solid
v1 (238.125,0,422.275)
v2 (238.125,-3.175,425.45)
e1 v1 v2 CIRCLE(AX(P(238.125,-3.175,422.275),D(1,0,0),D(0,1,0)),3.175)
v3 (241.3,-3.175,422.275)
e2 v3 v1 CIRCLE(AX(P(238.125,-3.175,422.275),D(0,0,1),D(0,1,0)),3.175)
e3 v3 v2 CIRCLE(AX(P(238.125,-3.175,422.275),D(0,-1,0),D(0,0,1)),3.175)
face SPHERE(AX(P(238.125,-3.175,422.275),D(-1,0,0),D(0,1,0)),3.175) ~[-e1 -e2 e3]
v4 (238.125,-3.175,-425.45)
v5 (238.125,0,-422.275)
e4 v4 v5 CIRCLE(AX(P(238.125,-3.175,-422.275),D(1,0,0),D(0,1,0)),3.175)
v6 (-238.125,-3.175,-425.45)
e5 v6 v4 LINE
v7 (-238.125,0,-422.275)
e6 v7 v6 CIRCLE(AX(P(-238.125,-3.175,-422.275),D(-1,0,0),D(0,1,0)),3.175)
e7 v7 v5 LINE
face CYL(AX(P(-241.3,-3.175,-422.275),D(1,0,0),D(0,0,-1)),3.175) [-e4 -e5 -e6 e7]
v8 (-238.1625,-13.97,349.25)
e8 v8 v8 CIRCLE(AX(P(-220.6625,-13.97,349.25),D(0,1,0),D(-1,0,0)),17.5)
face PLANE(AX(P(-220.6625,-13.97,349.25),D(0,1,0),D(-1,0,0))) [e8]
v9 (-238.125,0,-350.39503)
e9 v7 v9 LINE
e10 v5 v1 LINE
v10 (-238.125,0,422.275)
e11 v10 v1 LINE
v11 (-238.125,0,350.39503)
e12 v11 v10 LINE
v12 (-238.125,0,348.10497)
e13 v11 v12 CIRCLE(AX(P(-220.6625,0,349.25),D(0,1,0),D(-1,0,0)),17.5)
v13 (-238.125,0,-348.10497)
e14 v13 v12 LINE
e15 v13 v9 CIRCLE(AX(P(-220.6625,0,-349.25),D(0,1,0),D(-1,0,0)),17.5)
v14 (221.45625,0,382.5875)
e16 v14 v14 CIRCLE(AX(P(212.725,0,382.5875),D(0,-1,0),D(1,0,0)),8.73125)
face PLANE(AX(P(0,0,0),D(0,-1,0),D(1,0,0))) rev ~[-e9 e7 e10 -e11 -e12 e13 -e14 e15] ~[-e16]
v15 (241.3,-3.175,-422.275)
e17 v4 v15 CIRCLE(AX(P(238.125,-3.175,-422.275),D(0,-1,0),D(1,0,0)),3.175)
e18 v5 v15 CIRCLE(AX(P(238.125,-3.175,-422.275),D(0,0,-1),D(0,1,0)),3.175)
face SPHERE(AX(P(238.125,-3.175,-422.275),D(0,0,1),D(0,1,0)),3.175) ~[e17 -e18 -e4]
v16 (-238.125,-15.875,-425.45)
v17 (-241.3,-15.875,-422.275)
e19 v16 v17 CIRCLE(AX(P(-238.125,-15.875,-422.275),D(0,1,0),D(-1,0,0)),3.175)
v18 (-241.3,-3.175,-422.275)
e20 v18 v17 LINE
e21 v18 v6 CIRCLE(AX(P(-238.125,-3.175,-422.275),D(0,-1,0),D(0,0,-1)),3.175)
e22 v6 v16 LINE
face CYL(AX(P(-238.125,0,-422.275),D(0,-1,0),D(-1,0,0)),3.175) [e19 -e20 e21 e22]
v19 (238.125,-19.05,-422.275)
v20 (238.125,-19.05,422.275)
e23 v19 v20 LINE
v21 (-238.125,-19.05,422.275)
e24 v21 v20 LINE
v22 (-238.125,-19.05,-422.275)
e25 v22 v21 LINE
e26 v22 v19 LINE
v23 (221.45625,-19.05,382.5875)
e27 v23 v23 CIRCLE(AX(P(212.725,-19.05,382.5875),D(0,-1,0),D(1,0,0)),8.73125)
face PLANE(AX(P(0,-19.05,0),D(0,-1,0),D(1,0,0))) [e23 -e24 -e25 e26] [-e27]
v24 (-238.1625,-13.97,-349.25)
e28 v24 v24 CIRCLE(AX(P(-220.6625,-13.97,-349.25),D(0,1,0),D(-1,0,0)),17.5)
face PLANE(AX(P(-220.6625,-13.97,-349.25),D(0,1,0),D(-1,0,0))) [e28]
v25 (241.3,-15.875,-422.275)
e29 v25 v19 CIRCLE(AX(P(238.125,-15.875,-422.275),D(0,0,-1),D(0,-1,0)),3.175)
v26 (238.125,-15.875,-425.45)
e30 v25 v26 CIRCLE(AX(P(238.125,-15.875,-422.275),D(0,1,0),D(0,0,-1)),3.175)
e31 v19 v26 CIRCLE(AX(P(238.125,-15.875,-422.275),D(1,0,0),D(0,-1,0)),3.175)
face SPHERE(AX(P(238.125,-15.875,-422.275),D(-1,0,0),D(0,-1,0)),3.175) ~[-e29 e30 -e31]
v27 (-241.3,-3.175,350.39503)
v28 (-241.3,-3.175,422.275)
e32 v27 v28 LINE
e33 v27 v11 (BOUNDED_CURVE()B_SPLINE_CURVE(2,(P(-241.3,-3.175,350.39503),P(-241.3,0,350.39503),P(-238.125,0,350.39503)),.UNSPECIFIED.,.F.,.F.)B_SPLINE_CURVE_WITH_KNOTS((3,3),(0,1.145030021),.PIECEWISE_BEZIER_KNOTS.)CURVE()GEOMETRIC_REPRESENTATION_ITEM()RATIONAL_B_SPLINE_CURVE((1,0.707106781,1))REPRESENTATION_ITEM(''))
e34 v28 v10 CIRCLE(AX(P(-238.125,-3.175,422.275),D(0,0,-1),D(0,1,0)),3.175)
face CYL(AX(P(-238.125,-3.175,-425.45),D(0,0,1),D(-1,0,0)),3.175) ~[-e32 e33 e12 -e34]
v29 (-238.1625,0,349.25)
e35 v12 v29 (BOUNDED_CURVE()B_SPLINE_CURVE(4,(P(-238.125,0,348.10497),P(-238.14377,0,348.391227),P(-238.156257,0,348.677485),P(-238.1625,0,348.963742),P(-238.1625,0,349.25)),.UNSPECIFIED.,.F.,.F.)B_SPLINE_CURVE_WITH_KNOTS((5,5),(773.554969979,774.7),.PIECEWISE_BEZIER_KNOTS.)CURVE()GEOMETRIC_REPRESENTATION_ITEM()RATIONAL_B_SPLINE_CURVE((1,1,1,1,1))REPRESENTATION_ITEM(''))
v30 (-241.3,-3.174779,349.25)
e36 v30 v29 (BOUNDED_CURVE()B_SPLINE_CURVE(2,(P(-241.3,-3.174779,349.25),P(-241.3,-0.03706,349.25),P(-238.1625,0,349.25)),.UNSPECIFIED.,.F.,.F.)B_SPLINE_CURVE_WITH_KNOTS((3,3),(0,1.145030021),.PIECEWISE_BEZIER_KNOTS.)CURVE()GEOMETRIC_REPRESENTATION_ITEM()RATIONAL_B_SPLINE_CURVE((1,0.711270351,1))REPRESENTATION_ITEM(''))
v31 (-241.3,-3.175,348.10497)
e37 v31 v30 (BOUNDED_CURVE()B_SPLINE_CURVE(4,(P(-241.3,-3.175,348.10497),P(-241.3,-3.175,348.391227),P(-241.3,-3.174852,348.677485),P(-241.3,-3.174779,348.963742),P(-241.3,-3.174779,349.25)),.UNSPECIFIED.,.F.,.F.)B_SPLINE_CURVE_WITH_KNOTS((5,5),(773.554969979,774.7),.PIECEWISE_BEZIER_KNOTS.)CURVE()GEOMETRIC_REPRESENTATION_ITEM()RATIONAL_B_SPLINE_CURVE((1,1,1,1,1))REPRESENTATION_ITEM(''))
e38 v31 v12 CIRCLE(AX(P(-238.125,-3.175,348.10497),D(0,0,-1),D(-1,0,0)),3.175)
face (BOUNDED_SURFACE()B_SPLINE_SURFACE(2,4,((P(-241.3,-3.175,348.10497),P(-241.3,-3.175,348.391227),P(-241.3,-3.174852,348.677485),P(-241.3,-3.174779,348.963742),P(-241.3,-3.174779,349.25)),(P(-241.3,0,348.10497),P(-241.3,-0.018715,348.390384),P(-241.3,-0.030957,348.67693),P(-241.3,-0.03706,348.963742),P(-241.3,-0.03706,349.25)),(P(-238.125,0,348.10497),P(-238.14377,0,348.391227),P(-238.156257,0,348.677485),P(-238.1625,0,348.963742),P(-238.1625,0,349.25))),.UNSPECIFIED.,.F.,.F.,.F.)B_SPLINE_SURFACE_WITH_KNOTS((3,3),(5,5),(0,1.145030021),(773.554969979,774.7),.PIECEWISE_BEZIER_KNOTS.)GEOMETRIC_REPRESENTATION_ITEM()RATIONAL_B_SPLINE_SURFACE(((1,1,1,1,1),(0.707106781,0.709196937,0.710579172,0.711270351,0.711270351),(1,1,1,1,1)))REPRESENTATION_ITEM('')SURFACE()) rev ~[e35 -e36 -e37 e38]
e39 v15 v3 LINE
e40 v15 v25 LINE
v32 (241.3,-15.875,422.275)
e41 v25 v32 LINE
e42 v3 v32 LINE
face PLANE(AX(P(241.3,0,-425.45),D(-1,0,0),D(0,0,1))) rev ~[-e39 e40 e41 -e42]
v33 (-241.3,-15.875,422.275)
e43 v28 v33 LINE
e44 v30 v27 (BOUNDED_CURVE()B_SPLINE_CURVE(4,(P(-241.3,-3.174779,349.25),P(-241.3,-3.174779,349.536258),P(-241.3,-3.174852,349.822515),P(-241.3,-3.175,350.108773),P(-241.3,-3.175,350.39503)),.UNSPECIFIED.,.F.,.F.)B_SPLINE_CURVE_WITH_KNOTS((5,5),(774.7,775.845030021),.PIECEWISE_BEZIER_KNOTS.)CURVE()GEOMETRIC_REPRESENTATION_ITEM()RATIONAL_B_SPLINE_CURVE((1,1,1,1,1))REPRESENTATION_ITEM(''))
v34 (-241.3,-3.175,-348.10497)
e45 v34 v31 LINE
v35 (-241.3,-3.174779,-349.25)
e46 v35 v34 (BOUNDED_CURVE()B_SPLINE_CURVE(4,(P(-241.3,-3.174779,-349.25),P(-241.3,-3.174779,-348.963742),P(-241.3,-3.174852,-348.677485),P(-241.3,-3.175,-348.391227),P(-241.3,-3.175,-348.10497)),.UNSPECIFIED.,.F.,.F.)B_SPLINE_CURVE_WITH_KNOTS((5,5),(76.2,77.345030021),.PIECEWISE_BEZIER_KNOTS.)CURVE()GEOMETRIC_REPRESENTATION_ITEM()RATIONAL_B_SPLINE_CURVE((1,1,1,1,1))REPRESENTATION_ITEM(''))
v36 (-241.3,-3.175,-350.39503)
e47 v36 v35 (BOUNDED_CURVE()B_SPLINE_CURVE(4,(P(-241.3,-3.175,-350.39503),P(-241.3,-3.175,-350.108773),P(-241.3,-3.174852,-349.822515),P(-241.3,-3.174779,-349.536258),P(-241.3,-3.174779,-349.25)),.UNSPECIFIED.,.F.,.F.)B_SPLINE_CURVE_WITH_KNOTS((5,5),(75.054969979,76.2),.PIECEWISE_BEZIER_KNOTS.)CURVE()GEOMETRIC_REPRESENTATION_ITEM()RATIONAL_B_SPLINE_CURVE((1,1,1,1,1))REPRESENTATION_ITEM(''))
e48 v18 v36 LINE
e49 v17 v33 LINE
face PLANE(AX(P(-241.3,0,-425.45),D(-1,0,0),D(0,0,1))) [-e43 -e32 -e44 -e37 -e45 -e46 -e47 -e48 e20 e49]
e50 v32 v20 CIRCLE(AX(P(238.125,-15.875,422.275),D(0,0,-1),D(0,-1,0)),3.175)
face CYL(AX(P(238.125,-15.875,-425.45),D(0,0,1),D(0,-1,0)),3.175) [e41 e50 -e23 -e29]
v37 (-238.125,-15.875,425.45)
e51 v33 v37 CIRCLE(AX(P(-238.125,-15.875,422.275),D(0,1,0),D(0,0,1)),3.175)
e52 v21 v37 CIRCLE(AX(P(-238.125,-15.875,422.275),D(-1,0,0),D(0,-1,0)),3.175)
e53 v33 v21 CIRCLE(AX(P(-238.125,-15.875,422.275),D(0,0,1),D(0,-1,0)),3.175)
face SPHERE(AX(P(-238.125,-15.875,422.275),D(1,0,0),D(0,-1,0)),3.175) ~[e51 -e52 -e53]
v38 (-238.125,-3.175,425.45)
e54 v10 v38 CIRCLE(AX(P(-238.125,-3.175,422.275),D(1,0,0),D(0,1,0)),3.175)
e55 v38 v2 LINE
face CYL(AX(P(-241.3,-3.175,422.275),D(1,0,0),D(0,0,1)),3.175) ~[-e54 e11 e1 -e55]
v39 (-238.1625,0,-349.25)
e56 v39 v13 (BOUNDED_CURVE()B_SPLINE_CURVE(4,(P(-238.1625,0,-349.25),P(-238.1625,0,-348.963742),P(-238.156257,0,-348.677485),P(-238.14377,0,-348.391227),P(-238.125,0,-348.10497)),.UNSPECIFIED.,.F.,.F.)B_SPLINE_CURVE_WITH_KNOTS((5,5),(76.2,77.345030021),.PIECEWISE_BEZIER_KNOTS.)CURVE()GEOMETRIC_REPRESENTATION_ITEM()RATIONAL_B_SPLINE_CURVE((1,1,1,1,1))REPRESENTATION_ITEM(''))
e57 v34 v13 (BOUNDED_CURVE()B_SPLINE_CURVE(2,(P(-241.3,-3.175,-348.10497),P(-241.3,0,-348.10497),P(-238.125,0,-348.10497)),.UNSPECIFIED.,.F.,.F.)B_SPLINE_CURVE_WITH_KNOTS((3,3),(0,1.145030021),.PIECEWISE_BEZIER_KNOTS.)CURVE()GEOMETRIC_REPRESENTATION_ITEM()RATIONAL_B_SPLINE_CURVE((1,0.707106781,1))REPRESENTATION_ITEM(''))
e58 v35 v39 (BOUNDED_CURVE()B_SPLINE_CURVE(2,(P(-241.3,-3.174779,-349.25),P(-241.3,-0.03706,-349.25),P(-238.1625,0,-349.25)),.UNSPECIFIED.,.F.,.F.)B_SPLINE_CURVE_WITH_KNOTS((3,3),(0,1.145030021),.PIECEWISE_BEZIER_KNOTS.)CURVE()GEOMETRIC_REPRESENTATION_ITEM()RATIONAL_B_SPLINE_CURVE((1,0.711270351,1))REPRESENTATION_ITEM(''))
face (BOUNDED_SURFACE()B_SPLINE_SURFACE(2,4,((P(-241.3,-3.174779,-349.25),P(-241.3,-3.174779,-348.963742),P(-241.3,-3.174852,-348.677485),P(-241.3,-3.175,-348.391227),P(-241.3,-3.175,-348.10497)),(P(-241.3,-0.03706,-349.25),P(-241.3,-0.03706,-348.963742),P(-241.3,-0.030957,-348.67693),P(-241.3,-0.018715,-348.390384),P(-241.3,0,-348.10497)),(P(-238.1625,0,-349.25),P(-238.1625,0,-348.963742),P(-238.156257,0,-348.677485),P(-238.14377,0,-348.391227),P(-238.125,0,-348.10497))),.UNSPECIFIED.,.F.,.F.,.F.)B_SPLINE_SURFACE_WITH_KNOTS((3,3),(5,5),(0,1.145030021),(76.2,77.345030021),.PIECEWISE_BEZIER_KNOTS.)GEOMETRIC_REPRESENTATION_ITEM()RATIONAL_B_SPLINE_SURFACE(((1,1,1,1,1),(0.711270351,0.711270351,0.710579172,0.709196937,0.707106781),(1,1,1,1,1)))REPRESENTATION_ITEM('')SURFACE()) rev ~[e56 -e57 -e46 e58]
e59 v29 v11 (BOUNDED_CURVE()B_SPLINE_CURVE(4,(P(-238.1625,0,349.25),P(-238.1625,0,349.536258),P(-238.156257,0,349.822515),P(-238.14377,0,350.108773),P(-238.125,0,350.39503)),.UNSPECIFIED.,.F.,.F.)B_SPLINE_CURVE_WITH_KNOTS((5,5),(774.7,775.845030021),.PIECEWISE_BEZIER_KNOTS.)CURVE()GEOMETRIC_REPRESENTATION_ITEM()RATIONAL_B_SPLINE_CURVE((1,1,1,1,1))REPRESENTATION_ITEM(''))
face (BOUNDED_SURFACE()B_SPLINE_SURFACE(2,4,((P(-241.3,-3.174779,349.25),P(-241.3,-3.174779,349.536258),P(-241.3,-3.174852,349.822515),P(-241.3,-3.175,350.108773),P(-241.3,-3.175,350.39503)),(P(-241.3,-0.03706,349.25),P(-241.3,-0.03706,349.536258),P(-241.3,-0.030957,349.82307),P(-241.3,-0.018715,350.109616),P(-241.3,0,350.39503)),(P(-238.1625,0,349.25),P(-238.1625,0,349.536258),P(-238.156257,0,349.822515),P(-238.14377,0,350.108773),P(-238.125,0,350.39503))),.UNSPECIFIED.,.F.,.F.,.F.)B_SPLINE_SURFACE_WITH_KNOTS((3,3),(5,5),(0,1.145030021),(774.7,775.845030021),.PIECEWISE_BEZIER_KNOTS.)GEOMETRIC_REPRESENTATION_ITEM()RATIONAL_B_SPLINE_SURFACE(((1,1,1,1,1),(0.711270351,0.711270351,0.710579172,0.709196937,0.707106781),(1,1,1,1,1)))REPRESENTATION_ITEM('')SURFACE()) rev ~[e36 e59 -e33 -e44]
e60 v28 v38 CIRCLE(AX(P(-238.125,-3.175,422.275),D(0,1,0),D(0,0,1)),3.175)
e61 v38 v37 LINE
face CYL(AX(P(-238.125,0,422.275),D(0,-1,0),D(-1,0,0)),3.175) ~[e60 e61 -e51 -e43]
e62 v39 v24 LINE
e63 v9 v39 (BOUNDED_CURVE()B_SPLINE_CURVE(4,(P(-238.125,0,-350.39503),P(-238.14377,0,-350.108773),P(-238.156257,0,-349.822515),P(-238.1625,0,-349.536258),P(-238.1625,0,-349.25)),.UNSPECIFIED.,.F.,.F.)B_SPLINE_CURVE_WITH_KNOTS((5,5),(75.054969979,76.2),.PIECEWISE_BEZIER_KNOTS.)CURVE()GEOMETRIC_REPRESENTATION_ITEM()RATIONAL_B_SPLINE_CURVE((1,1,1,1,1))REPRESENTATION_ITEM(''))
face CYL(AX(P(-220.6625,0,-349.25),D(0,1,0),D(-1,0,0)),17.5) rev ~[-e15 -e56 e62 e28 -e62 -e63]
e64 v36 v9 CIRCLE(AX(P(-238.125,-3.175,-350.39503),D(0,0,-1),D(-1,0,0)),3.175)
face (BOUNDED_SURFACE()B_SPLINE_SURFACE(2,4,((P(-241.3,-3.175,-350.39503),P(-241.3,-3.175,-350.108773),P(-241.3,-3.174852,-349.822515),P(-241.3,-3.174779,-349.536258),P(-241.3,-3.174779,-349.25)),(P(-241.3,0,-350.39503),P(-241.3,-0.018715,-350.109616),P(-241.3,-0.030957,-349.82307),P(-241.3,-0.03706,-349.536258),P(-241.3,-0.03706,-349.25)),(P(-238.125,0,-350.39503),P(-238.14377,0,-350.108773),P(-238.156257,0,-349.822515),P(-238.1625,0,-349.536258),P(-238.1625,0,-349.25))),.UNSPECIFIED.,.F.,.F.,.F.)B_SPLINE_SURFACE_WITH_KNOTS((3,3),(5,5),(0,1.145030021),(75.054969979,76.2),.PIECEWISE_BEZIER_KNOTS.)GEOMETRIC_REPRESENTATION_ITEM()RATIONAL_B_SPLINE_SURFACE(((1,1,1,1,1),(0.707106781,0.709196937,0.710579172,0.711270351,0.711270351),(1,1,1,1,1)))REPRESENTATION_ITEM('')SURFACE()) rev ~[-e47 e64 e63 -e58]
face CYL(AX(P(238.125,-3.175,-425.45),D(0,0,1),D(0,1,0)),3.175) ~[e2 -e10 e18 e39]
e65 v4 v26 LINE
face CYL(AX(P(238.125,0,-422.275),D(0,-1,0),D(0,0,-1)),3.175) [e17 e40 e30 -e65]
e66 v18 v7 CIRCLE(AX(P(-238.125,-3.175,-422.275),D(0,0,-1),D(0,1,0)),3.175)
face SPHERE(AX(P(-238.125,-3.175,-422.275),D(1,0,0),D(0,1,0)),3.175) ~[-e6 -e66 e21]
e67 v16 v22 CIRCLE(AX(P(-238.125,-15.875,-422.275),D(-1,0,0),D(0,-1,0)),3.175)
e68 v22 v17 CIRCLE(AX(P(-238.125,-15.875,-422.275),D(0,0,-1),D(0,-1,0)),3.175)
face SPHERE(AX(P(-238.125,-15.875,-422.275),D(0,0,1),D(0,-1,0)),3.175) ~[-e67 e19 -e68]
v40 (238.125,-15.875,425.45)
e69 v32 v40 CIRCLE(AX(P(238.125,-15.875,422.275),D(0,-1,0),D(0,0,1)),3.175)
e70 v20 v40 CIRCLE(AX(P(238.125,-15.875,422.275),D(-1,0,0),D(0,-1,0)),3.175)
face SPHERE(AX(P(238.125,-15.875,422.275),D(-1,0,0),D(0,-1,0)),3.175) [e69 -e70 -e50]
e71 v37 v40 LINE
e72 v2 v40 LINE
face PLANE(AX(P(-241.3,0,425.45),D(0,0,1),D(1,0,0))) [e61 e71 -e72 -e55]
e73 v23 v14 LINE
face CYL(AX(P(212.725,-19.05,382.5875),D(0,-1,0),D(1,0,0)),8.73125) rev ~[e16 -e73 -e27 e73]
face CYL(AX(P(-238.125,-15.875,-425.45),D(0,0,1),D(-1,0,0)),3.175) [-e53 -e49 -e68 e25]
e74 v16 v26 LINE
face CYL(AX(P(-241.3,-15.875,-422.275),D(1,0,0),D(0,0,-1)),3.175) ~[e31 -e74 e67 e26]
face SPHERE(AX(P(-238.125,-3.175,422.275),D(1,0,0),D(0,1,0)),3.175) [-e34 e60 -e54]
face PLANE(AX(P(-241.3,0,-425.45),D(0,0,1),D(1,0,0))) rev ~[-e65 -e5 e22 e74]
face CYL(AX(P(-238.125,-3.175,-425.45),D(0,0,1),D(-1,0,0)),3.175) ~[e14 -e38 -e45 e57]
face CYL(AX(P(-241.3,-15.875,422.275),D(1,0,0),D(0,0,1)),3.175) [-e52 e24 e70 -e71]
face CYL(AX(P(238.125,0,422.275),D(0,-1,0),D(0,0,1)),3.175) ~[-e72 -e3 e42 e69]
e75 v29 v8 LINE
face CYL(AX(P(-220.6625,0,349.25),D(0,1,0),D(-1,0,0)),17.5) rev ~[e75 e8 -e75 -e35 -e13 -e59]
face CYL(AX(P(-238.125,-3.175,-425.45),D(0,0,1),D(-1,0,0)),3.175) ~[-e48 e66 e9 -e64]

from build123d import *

# Parameters (mm, degrees)
F0_W     = 482.6
F0_H     = 850.9
F1_DEPTH = 19.05
F2_R     = 8.73125
F3_DEPTH = 19.051
F4_R     = 17.5
F5_DEPTH = 13.97
F6_R     = 3.175


with BuildPart() as f1:
    # F0 (on Front) → F1 (new body)
    with BuildSketch(Plane.XZ):
        Rectangle(F0_W, F0_H)
    extrude(amount=F1_DEPTH)

    # F2 (on face) → F3 (cut, through all)
    with BuildSketch(Plane.XZ.offset(19.05)):
        with Locations((212.725, 382.5875)):
            Circle(F2_R)
    extrude(amount=-F3_DEPTH, mode=Mode.SUBTRACT)

    # F4 (on face) → F5 (cut)
    with BuildSketch(Plane(origin=(0, 0, 0), x_dir=(-1, 0, 0), z_dir=(0, 1, 0))):
        with Locations((220.6625, 349.25)):
            Circle(F4_R)
        with Locations((220.6625, -349.25)):
            Circle(F4_R)
    extrude(amount=-F5_DEPTH, mode=Mode.SUBTRACT)

    # F6
    f6_edges = [f1.edges().sort_by_distance(p)[0] for p in [
        (0, -19.05, 425.45),
        (-241.3, -19.05, 0),
        (0, -19.05, -425.45),
        (241.3, -19.05, 0),
        (0, 0, 425.45),
        (241.3, 0, 0),
        (0, 0, -425.45),
        (-241.3, 0, 0),
        (-241.3, -9.525, 425.45),
        (241.3, -9.525, 425.45),
        (241.3, -9.525, -425.45),
        (-241.3, -9.525, -425.45),
    ]]
    fillet(f6_edges, radius=F6_R)


solid = f1.part
